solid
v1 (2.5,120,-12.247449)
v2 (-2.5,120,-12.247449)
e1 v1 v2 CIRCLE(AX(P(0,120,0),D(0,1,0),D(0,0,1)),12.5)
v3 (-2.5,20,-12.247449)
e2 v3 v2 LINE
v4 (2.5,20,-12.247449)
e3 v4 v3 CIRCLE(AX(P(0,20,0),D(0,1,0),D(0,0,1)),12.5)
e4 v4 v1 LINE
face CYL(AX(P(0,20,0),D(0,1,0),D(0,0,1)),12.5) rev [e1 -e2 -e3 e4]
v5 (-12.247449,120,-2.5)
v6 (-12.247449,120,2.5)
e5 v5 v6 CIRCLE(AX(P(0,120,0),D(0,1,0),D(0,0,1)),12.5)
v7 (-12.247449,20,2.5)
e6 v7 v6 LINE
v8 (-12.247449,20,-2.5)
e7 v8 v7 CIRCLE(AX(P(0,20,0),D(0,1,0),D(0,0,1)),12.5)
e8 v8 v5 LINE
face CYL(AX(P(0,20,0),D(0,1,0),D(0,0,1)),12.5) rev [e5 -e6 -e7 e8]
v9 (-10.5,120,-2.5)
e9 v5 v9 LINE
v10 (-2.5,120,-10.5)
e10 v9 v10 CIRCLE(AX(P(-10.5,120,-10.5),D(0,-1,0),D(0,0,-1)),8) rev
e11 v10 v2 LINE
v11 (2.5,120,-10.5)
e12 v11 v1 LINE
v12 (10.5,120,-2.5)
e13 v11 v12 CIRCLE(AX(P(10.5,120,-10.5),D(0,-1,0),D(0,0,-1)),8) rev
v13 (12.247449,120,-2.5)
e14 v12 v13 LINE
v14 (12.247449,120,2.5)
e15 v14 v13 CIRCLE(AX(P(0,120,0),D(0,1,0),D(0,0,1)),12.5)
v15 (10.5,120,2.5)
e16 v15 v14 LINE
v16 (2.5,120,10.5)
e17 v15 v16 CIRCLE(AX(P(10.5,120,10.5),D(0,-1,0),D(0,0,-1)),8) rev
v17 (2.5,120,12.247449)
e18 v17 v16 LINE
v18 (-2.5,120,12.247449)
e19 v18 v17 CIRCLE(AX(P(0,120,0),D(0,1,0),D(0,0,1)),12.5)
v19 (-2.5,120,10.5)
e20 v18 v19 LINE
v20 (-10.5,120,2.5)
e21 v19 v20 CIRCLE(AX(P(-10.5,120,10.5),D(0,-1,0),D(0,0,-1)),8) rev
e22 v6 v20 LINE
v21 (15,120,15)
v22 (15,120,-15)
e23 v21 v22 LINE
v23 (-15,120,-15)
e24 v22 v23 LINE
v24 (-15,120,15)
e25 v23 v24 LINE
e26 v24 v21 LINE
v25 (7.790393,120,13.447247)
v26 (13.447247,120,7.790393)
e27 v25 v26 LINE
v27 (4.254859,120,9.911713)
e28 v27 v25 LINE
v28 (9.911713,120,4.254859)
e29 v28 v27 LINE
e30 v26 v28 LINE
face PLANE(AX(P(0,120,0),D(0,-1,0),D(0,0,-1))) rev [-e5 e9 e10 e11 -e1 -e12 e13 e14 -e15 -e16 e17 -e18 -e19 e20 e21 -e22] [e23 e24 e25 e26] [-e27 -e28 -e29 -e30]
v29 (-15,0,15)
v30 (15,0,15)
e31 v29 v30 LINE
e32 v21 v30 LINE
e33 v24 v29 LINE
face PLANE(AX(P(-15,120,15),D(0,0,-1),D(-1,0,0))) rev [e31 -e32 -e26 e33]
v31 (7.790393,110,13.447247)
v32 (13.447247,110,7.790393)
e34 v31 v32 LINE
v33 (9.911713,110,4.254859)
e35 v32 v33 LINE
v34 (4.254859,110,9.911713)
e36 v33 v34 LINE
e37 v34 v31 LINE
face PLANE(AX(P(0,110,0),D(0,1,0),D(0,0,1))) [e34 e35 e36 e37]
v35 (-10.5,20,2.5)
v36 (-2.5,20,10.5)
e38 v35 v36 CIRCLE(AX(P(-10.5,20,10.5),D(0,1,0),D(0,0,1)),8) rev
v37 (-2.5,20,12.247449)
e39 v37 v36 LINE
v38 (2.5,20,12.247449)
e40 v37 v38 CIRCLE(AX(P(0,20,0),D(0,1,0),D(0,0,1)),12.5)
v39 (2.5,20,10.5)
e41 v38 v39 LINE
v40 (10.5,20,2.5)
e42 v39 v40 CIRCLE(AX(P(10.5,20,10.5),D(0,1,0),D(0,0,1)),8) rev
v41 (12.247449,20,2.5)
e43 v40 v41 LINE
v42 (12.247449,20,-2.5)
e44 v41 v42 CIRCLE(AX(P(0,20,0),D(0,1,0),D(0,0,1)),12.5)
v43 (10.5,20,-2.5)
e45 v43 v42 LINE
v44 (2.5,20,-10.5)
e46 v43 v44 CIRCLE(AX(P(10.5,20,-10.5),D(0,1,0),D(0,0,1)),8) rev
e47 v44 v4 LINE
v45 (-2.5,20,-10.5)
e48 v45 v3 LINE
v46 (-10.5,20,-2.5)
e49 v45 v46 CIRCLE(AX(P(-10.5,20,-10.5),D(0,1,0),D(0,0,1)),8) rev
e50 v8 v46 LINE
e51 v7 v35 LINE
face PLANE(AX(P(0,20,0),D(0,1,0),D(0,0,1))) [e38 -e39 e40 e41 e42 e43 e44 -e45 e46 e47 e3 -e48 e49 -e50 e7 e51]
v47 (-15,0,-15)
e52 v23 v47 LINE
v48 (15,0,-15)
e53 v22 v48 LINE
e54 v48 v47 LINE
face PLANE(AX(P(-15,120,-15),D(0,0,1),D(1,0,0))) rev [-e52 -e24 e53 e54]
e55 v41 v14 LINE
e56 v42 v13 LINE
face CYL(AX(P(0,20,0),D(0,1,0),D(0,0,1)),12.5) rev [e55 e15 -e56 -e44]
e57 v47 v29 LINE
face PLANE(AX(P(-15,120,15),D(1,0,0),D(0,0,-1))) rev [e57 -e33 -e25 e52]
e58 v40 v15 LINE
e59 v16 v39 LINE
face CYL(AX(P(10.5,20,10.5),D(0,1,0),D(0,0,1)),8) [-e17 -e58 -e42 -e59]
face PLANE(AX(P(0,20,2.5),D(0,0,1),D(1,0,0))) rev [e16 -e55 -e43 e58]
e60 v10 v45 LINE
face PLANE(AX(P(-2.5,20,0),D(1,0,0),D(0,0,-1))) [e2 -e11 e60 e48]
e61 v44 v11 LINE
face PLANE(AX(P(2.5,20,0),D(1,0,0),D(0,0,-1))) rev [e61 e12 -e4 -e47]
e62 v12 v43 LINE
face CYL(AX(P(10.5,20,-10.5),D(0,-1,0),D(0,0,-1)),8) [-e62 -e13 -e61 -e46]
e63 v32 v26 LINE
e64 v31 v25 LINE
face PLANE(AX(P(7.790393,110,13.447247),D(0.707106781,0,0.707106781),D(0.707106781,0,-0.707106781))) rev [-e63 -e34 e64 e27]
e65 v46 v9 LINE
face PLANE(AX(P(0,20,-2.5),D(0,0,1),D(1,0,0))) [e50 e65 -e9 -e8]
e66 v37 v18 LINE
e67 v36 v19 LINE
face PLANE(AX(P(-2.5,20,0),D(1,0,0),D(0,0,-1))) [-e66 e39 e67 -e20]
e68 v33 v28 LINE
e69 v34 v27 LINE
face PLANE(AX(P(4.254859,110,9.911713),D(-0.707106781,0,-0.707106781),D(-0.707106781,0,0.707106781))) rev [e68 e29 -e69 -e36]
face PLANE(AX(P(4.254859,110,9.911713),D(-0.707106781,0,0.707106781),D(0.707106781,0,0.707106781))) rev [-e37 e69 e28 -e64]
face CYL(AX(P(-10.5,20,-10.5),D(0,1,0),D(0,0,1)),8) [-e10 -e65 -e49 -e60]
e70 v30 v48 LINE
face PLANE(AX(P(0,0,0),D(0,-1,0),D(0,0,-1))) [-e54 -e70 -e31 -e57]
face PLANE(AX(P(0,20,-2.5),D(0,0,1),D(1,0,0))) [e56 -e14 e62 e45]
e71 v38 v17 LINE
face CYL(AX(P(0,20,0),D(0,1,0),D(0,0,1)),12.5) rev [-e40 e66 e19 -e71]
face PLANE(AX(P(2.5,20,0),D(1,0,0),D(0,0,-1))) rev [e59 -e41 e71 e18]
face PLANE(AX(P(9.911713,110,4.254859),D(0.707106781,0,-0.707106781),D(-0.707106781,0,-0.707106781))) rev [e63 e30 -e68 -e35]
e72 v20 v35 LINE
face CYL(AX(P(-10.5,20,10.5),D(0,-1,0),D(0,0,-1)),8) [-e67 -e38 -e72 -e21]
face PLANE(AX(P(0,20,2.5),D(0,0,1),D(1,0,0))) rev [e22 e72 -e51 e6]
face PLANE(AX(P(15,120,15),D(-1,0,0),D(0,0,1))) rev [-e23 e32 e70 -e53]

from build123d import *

# Parameters (mm, degrees)
SKETCH_1_W          = 30
SKETCH_1_H          = 30
EXTRUDE_1_DEPTH     = 120
SKETCH_2_W          = 9.747448714
SKETCH_2_H          = 5
SKETCH_2_W_2        = 5
SKETCH_2_H_2        = 9.747448714
CUT_EXTRUDE_1_DEPTH = 100
FILLET_1_R          = 8
CUT_EXTRUDE_2_DEPTH = 10


with BuildPart() as part:
    # 草图1 → 凸台-拉伸1 (new body)
    with BuildSketch(Plane(origin=(0, 0, 0), x_dir=(1, 0, 0), z_dir=(0, 1, 0))):
        Rectangle(SKETCH_1_W, SKETCH_1_H)
    extrude(amount=EXTRUDE_1_DEPTH)

    # 草图2 → 切除-拉伸1 (cut)
    with BuildSketch(Plane(origin=(0, 120, 0), x_dir=(1, 0, 0), z_dir=(0, 1, 0))):
        with Locations((-7.373724357, 0)):
            Rectangle(SKETCH_2_W, SKETCH_2_H)
        Rectangle(SKETCH_2_W_2, SKETCH_2_H)
        with Locations((0, -7.373724357)):
            Rectangle(SKETCH_2_W_2, SKETCH_2_H_2)
        with Locations((7.373724357, 0)):
            Rectangle(SKETCH_2_W, SKETCH_2_H)
        with Locations((0, 7.373724357)):
            Rectangle(SKETCH_2_W_2, SKETCH_2_H_2)
        with BuildLine():
            ThreePointArc((-12.247448714, 2.5), (-12.5, 0), (-12.247448714, -2.5))
            Line((-12.247448714, -2.5), (-12.247448714, 2.5))
        make_face()
        with BuildLine():
            ThreePointArc((2.5, 12.247448714), (0, 12.5), (-2.5, 12.247448714))
            Line((-2.5, 12.247448714), (2.5, 12.247448714))
        make_face()
        with BuildLine():
            Line((12.247448714, 2.5), (12.247448714, -2.5))
            ThreePointArc((12.247448714, -2.5), (12.436701913, -1.256362025), (12.5, 0))
            ThreePointArc((12.5, 0), (12.436701913, 1.256362025), (12.247448714, 2.5))
        make_face()
        with BuildLine():
            Line((2.5, -12.247448714), (-2.5, -12.247448714))
            ThreePointArc((-2.5, -12.247448714), (0, -12.5), (2.5, -12.247448714))
        make_face()
    extrude(amount=-CUT_EXTRUDE_1_DEPTH, mode=Mode.SUBTRACT)

    # 圆角1
    fillet_1_edges = [part.edges().sort_by_distance(p)[0] for p in [
        (-2.5, 70, -2.5),
        (2.5, 70, -2.5),
        (2.5, 70, 2.5),
        (-2.5, 70, 2.5),
    ]]
    fillet(fillet_1_edges, radius=FILLET_1_R)

    # 草图4 → 切除-拉伸2 (cut)
    with BuildSketch(Plane(origin=(0, 120, 0), x_dir=(1, 0, 0), z_dir=(0, 1, 0))):
        Polygon((4.254858786, -9.911713035), (9.911713035, -4.254858786), (13.447246941, -7.790392692), (7.790392692, -13.447246941), align=None)
    extrude(amount=-CUT_EXTRUDE_2_DEPTH, mode=Mode.SUBTRACT)


solid = part.part
